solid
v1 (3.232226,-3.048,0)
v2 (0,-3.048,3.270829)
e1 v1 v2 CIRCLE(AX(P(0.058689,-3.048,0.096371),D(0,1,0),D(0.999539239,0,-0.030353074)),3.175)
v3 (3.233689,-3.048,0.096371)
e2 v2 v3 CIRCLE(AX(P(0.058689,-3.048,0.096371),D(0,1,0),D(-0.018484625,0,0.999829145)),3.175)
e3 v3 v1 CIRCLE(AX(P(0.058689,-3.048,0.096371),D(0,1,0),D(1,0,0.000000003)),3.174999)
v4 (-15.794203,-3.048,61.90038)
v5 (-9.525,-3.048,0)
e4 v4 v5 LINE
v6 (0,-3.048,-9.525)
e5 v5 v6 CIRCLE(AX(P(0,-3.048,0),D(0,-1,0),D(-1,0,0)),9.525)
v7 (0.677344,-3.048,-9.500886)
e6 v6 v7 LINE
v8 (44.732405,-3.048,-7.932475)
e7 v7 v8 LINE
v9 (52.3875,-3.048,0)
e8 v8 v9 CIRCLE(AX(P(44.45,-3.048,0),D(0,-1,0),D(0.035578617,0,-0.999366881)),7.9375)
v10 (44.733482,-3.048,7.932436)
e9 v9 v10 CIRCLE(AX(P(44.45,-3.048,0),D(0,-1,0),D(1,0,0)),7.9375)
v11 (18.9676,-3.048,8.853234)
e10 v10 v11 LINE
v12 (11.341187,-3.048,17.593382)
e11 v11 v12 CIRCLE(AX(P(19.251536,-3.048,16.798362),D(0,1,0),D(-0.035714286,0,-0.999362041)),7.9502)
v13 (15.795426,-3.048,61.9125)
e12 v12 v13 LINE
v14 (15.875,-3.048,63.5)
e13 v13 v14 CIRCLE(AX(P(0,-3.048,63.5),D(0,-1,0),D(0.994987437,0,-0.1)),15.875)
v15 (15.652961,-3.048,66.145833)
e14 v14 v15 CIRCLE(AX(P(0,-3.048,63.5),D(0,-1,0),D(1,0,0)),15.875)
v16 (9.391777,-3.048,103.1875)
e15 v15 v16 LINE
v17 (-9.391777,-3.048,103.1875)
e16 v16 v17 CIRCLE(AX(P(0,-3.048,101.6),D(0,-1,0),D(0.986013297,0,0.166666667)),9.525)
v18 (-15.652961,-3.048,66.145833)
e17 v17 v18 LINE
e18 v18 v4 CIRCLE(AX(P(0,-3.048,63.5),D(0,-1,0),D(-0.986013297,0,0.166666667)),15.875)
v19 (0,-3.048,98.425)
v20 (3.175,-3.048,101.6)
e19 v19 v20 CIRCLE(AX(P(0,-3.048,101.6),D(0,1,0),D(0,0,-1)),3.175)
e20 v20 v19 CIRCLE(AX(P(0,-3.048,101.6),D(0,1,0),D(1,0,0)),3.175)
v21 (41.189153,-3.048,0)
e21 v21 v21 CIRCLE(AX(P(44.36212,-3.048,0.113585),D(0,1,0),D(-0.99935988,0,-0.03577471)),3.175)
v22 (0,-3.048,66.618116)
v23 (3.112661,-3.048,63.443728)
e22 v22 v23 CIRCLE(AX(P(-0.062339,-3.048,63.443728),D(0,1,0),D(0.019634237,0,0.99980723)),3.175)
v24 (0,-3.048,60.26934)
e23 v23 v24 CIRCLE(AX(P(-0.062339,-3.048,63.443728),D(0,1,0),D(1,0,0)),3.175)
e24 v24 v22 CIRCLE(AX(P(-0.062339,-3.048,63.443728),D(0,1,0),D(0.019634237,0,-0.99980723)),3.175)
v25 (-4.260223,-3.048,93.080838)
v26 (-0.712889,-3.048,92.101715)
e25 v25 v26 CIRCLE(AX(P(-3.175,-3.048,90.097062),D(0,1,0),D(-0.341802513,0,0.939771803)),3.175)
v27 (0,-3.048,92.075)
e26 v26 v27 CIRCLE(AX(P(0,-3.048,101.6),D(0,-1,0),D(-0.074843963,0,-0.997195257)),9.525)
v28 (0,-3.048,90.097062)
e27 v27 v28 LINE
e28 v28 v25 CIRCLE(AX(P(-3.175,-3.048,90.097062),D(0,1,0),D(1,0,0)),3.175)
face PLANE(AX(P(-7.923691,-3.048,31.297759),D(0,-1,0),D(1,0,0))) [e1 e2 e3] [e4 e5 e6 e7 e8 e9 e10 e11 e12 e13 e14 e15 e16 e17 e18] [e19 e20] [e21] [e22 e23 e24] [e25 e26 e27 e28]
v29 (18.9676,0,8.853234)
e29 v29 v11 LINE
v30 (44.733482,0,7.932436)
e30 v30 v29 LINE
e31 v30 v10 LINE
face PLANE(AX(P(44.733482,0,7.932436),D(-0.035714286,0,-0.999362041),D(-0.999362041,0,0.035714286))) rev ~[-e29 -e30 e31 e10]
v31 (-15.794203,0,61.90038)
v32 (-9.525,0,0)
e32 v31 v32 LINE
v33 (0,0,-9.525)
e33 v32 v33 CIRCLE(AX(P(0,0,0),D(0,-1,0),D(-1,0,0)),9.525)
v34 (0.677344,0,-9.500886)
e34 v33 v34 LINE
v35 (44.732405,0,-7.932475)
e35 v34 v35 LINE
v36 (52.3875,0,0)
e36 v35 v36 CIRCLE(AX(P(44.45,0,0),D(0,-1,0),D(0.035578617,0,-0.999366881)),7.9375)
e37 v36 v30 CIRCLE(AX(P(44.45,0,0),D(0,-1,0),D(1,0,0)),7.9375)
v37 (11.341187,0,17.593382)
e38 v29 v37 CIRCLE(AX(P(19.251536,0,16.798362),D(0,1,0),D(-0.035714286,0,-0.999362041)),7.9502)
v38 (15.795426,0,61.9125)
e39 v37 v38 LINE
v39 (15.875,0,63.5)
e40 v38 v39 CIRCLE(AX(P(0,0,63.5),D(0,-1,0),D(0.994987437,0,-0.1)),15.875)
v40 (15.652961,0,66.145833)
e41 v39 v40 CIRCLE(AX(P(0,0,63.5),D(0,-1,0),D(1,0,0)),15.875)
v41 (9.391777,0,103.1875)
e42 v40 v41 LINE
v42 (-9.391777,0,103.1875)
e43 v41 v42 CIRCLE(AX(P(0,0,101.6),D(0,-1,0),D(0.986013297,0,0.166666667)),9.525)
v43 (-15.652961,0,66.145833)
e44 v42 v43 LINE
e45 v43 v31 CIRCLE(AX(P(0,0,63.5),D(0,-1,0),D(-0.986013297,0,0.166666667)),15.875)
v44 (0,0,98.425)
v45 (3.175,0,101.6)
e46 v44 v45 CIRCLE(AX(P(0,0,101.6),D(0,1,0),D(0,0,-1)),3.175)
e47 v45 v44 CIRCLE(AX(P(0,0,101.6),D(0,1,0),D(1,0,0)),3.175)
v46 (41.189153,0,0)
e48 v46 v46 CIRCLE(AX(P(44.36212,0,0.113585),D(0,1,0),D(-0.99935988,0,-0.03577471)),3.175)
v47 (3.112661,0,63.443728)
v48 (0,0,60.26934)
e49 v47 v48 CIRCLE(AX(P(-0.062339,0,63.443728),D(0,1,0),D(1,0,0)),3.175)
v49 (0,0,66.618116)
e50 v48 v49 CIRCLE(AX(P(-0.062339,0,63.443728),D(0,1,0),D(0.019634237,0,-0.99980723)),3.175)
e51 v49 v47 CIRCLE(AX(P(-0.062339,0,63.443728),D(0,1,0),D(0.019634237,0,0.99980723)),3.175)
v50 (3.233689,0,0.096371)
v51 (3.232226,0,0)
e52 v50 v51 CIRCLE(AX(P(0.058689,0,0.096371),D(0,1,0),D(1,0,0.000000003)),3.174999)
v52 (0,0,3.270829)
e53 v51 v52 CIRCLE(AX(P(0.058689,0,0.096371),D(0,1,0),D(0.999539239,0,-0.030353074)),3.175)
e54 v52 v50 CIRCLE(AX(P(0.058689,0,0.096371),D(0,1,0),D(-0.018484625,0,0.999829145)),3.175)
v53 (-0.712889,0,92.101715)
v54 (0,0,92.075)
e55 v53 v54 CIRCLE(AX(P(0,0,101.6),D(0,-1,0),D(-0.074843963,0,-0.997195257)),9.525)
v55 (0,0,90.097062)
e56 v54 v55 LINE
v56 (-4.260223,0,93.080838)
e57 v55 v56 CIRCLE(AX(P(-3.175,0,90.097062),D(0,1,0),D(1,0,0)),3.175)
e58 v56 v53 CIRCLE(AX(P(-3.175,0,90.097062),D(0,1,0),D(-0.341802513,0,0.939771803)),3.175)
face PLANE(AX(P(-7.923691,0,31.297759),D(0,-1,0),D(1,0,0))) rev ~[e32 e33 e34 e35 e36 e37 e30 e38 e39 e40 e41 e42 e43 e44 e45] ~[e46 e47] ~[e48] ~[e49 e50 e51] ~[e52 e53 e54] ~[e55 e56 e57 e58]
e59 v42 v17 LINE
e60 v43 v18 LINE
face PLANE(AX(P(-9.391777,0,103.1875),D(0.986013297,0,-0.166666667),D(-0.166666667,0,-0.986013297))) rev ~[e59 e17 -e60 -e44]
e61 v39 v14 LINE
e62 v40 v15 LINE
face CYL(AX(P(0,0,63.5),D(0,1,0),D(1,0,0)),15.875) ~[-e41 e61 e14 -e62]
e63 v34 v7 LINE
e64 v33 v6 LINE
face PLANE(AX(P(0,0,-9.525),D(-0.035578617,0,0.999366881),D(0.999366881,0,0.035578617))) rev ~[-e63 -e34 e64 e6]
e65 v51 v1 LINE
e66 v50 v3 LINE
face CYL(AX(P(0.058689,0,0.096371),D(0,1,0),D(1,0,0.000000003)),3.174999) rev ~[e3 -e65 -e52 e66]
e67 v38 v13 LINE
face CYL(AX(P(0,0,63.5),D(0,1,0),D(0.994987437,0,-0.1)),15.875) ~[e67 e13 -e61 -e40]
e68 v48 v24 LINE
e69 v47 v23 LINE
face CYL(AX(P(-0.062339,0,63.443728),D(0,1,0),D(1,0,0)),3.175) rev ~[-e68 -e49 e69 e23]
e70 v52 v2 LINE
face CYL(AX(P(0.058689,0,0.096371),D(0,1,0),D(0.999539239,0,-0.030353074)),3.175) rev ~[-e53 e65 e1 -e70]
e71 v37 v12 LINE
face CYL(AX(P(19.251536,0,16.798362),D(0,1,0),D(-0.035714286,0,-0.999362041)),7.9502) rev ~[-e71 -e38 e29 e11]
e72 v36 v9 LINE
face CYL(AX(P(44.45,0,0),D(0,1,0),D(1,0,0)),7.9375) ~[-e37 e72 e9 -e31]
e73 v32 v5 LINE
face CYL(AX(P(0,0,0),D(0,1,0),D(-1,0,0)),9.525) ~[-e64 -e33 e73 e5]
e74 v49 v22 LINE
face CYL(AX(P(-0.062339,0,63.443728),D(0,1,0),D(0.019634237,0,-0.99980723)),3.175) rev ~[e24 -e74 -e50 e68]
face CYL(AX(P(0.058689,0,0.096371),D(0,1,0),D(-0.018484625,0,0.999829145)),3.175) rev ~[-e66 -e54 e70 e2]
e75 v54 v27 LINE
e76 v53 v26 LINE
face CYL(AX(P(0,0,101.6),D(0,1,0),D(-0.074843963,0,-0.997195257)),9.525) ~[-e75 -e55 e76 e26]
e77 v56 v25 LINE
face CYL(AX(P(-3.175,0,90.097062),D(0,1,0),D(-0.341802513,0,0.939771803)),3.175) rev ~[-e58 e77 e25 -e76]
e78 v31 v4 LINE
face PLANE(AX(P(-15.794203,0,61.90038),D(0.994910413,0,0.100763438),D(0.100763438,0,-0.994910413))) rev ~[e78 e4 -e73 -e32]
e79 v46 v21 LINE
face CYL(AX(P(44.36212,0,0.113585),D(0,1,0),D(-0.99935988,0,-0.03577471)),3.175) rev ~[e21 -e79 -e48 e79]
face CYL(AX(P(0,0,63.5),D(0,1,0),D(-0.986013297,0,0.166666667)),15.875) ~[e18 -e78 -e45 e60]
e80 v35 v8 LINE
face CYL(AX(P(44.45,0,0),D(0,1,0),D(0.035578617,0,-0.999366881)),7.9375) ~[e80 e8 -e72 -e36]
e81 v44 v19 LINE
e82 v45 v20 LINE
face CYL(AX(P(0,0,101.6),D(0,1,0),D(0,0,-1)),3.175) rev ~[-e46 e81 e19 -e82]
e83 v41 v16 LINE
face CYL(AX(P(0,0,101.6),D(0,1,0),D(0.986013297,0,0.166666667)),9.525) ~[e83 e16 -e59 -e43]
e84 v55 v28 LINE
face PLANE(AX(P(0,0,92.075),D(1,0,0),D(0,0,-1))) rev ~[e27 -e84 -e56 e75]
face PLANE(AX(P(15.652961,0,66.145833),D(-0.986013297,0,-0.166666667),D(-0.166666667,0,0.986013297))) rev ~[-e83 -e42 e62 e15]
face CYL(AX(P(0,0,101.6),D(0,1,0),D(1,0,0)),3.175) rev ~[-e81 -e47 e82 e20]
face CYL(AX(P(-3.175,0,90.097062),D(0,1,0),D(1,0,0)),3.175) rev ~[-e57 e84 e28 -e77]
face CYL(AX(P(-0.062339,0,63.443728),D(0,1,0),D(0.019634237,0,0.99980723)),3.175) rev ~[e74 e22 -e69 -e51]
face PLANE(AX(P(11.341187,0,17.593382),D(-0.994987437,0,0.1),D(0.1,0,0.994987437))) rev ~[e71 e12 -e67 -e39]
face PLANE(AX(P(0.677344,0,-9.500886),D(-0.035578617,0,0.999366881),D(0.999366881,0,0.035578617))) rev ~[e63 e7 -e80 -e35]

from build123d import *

# Parameters (mm, degrees)
F1_DEPTH = 3.048


with BuildPart() as f1:
    # F0 (on Front) → F1 (new body)
    with BuildSketch(Plane.XZ):
        with BuildLine():
            Line((-15.7942028036, 61.9003804205), (-9.525, 0))
            ThreePointArc((-9.525, 0), (-6.7351920908, 6.7351920908), (0, 9.525))
            Line((0, 9.525), (0, 47.625))
            ThreePointArc((0, 47.625), (-10.644756084, 51.722700101), (-15.7942028036, 61.9003804205))
        make_face()
        with BuildLine():
            Line((0, 47.625), (0, 9.525))
            ThreePointArc((0, 9.525), (6.7351920908, 6.7351920908), (9.525, 0))
            Line((9.525, 0), (36.5125, 0))
            ThreePointArc((36.5125, 0), (38.9384772185, 5.7120069047), (44.7334821429, 7.9324362036))
            Line((44.7334821429, 7.9324362036), (18.9676000005, 8.8532337108))
            ThreePointArc((18.9676000005, 8.8532337108), (13.2611998974, 11.5713591498), (11.3411865923, 17.5933818124))
            Line((11.3411865923, 17.5933818124), (15.7954255641, 61.9125))
            ThreePointArc((15.7954255641, 61.9125), (10.6492737428, 51.7267849017), (0, 47.625))
        make_face()
        with BuildLine():
            Line((0, 60.2693398367), (0, 47.625))
            ThreePointArc((0, 47.625), (10.6492737428, 51.7267849017), (15.7954255641, 61.9125))
            ThreePointArc((15.7954255641, 61.9125), (15.8550939106, 62.7052534459), (15.875, 63.5))
            ThreePointArc((15.875, 63.5), (15.8193928826, 64.8275668819), (15.6529610928, 66.1458333333))
            ThreePointArc((15.6529610928, 66.1458333333), (10.2472684368, 75.6247315262), (0, 79.375))
            Line((0, 79.375), (0, 66.6181157459))
            ThreePointArc((0, 66.6181157459), (2.2046582518, 65.6666425018), (3.1126612977, 63.4437277913))
            ThreePointArc((3.1126612977, 63.4437277913), (2.2046582518, 61.2208130808), (0, 60.2693398367))
        make_face()
        with BuildLine():
            Line((0, 90.0970622897), (0, 79.375))
            ThreePointArc((0, 79.375), (10.2472684368, 75.6247315262), (15.6529610928, 66.1458333333))
            Line((15.6529610928, 66.1458333333), (9.3917766557, 103.1875))
            ThreePointArc((9.3917766557, 103.1875), (9.4916357296, 102.3965401292), (9.525, 101.6))
            ThreePointArc((9.525, 101.6), (6.7351920908, 94.8648079092), (0, 92.075))
            Line((0, 92.075), (0, 90.0970622897))
        make_face()
        with BuildLine():
            Line((-9.3917766557, 103.1875), (-15.6529610928, 66.1458333333))
            ThreePointArc((-15.6529610928, 66.1458333333), (-10.2472684368, 75.6247315262), (0, 79.375))
            Line((0, 79.375), (0, 90.0970622897))
            ThreePointArc((0, 90.0970622897), (-4.9964063311, 87.4964654396), (-4.2602229776, 93.0808377653))
            ThreePointArc((-4.2602229776, 93.0808377653), (-8.4929634921, 97.2877852417), (-9.3917766557, 103.1875))
        make_face()
        with BuildLine():
            ThreePointArc((9.525, 0), (6.7351920908, 6.7351920908), (0, 9.525))
            Line((0, 9.525), (0, 3.2708285446))
            ThreePointArc((0, 3.2708285446), (2.2829063485, 2.3620896132), (3.2336886856, 0.0963710101))
            ThreePointArc((3.2336886856, 0.0963710101), (3.2333229358, 0.0481799536), (3.2322257704, 0))
            Line((3.2322257704, 0), (9.525, 0))
        make_face()
        with BuildLine():
            ThreePointArc((0, 9.525), (-6.7351920908, 6.7351920908), (-9.525, 0))
            ThreePointArc((-9.525, 0), (-6.7351920908, -6.7351920908), (0, -9.525))
            Line((0, -9.525), (0.6773435479, -9.500885786))
            ThreePointArc((0.6773435479, -9.500885786), (6.9705567315, -6.4912990883), (9.525, 0))
            Line((9.525, 0), (3.2322257704, 0))
            ThreePointArc((3.2322257704, 0), (-2.1996624782, -2.1353267788), (0, 3.2708285446))
            Line((0, 3.2708285446), (0, 9.525))
        make_face()
        with BuildLine():
            ThreePointArc((9.3917766557, 103.1875), (0, 111.125), (-9.3917766557, 103.1875))
            ThreePointArc((-9.3917766557, 103.1875), (-8.4929634921, 97.2877852417), (-4.2602229776, 93.0808377653))
            ThreePointArc((-4.2602229776, 93.0808377653), (-2.3302363695, 93.1576176982), (-0.7128887489, 92.1017151742))
            ThreePointArc((-0.7128887489, 92.1017151742), (-0.3566945713, 92.0816811367), (0, 92.075))
            ThreePointArc((0, 92.075), (6.7351920908, 94.8648079092), (9.525, 101.6))
            ThreePointArc((9.525, 101.6), (9.4916357296, 102.3965401292), (9.3917766557, 103.1875))
        make_face()
        with BuildLine():
            ThreePointArc((3.175, 101.6), (2.2450640303, 99.3549359697), (0, 98.425))
            ThreePointArc((0, 98.425), (-2.2450640303, 103.8450640303), (3.175, 101.6))
        make_face(mode=Mode.SUBTRACT)
        with BuildLine():
            ThreePointArc((9.525, 0), (6.9705567315, -6.4912990883), (0.6773435479, -9.500885786))
            Line((0.6773435479, -9.500885786), (44.7324052746, -7.9324746146))
            ThreePointArc((44.7324052746, -7.9324746146), (38.9380895153, -5.7116327839), (36.5125, 0))
            Line((36.5125, 0), (9.525, 0))
        make_face()
        with BuildLine():
            ThreePointArc((36.5125, 0), (38.9380895153, -5.7116327839), (44.7324052746, -7.9324746146))
            ThreePointArc((44.7324052746, -7.9324746146), (50.1616327839, -5.5119104847), (52.3875, 0))
            ThreePointArc((52.3875, 0), (50.1620069047, 5.5115227815), (44.7334821429, 7.9324362036))
            ThreePointArc((44.7334821429, 7.9324362036), (38.9384772185, 5.7120069047), (36.5125, 0))
        make_face()
        with BuildLine():
            ThreePointArc((47.5371203303, 0.1135847051), (44.4189217735, -3.0609071591), (41.1891527108, 0))
            ThreePointArc((41.1891527108, 0), (44.3053188871, 3.2880765693), (47.5371203303, 0.1135847051))
        make_face(mode=Mode.SUBTRACT)
        with BuildLine():
            ThreePointArc((-15.6529610928, 66.1458333333), (-15.8662218846, 64.0278523562), (-15.7942028036, 61.9003804205))
            ThreePointArc((-15.7942028036, 61.9003804205), (-10.644756084, 51.722700101), (0, 47.625))
            Line((0, 47.625), (0, 60.2693398367))
            ThreePointArc((0, 60.2693398367), (-3.2373387023, 63.4437277913), (0, 66.6181157459))
            Line((0, 66.6181157459), (0, 79.375))
            ThreePointArc((0, 79.375), (-10.2472684368, 75.6247315262), (-15.6529610928, 66.1458333333))
        make_face()
    extrude(amount=F1_DEPTH)


solid = f1.part
